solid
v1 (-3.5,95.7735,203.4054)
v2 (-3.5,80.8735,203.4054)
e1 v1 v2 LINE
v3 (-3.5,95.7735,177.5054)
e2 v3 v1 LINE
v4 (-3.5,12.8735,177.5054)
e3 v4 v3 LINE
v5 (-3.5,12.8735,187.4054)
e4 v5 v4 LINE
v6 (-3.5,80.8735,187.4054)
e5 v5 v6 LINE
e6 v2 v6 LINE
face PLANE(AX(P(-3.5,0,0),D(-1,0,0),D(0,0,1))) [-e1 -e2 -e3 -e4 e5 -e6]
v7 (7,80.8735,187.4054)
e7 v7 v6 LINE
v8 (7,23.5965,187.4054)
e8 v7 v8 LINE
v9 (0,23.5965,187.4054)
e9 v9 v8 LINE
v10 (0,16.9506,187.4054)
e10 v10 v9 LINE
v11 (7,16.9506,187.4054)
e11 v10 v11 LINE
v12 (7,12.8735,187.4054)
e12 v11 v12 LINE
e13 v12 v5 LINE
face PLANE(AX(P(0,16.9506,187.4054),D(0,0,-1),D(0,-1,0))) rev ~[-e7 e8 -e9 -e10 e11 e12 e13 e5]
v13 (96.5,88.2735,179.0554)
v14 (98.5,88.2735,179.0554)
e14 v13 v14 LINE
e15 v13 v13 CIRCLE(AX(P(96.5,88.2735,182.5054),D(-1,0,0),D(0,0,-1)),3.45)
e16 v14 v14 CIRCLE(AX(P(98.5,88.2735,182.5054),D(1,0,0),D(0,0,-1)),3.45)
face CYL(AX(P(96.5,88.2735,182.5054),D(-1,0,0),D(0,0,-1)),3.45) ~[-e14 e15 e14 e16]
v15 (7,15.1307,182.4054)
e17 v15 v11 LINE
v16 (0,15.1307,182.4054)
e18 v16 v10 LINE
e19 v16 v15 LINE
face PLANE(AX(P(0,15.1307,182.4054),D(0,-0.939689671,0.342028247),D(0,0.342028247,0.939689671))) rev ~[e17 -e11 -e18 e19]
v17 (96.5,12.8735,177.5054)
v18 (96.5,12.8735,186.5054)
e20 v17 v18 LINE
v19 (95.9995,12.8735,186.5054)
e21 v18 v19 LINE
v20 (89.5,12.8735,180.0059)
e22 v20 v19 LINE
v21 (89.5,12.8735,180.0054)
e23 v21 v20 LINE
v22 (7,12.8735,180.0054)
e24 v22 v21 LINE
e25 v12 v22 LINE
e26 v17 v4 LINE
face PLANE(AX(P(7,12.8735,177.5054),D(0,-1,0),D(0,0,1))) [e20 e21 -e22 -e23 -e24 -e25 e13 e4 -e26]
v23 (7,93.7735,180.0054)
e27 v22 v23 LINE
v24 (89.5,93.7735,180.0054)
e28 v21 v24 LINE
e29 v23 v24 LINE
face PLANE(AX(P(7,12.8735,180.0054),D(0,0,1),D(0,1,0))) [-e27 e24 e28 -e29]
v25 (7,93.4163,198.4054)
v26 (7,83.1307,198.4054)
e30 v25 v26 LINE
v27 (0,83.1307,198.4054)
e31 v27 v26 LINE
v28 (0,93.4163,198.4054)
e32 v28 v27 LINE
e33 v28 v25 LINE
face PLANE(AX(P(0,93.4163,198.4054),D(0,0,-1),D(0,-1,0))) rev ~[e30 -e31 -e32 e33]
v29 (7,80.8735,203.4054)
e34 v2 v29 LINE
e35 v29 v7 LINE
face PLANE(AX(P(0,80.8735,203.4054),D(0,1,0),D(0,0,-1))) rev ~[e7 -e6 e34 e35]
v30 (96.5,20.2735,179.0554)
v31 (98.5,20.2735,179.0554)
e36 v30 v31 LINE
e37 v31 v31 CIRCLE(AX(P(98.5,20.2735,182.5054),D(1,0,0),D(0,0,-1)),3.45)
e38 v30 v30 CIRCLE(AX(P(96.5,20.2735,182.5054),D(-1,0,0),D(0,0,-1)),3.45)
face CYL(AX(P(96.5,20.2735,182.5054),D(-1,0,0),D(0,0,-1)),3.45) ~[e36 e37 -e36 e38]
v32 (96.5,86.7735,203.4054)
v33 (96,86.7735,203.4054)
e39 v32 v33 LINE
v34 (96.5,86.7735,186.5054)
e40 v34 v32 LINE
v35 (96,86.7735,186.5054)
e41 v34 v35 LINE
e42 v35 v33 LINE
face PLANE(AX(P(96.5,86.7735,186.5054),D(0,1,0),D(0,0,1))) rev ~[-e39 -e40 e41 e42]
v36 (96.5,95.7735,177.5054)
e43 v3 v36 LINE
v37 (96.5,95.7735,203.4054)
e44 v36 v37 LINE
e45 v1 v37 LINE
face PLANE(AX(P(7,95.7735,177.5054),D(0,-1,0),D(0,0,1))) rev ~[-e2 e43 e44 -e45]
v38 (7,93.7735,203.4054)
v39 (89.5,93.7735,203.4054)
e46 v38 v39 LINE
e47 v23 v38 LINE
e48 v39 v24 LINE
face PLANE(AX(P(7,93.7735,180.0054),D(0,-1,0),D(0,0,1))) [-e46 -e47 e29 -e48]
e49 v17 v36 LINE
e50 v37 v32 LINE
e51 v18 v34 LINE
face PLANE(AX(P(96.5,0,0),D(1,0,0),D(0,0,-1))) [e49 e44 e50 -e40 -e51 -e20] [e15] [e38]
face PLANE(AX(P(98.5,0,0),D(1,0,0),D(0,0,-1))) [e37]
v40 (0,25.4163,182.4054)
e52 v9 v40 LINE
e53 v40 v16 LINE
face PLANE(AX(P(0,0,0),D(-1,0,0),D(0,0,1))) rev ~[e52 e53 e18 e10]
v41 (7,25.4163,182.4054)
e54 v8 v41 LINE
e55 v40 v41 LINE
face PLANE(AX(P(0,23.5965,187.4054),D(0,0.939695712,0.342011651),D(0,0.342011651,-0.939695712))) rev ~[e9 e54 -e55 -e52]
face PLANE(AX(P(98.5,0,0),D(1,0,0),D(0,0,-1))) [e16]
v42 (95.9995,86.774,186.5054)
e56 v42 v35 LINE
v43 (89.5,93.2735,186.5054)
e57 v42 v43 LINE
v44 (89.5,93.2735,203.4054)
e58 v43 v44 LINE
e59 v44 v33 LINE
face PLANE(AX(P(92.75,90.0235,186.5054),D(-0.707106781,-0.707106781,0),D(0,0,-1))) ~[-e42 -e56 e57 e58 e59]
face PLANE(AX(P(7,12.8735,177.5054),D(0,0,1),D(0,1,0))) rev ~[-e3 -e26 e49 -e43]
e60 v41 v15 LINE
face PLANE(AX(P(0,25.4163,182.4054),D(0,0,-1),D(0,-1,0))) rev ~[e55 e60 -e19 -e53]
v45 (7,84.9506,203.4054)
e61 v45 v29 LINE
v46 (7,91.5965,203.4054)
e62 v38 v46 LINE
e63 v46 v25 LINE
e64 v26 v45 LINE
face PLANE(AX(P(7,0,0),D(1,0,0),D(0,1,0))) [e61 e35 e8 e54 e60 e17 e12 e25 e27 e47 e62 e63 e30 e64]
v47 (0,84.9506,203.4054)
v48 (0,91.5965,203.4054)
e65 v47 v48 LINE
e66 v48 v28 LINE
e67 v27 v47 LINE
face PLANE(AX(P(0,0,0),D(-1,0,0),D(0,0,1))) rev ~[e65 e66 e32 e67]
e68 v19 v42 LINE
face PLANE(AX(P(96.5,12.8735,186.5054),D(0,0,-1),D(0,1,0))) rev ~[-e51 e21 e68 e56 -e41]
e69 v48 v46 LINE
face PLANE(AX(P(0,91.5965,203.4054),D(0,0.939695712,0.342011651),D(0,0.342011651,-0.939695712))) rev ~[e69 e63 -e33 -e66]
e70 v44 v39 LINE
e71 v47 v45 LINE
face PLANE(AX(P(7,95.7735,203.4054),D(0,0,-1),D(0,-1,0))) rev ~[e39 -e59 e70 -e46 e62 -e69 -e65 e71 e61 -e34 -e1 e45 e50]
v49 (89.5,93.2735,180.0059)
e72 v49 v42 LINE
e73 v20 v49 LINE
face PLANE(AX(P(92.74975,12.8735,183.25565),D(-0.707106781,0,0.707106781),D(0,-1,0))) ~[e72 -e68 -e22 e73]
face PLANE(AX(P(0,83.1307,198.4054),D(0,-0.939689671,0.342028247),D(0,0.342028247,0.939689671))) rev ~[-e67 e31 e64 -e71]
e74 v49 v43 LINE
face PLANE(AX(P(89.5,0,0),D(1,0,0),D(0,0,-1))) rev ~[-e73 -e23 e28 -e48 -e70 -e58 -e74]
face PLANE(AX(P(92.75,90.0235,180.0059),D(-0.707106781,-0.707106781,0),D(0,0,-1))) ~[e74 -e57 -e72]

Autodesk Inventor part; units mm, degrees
ref_plane "YZ Plane" through (0, 0, 0) normal (1, 0, 0) x (0, 1, 0)
ref_plane "XZ Plane" through (0, 0, 0) normal (0, 1, 0) x (-1, 0, 0)
ref_plane "XY Plane" through (0, 0, 0) normal (0, 0, 1) x (1, 0, 0)
sketch "Skizze1" plane through (0, 0, 0) normal (1, 0, 0) x (0, 1, 0)
  line L0 (12.7735, 187.5054) -> (12.7735, 177.5054) construction
  line L1 (12.7735, 177.5054) -> (95.7735, 177.5054) construction
  line L2 (95.7735, 177.5054) -> (95.7735, 203.5054) construction
  line L3 (91.4537, 203.5054) -> (93.2735, 198.5054) construction
  line L4 (95.7735, 203.5054) -> (80.7735, 203.5054) construction
  line L5 (93.2735, 198.5054) -> (83.2735, 198.5054) construction
  line L6 (83.2735, 198.5054) -> (85.0934, 203.5054) construction
  line L7 (80.7735, 203.5054) -> (80.7735, 187.5054) construction
  line L8 (80.7735, 187.5054) -> (12.7735, 187.5054) construction
  line L9 (12.7735, 187.5054) -> (12.7735, 177.5054) construction
  line L10 (15.2735, 182.5054) -> (17.0934, 187.5054) construction
  line L11 (25.2735, 182.5054) -> (15.2735, 182.5054) construction
  line L12 (23.4537, 187.5054) -> (25.2735, 182.5054) construction
  line L13 (95.7735, 177.5054) -> (95.7735, 203.4054)
  line L14 (95.7735, 203.4054) -> (91.5965, 203.4054)
  line L15 (91.5965, 203.4054) -> (93.4163, 198.4054)
  line L16 (93.4163, 198.4054) -> (83.1307, 198.4054)
  line L17 (83.1307, 198.4054) -> (84.9506, 203.4054)
  line L18 (84.9506, 203.4054) -> (80.8735, 203.4054)
  line L19 (80.8735, 203.4054) -> (80.8735, 187.4054)
  line L20 (80.8735, 187.4054) -> (23.5965, 187.4054)
  line L21 (23.5965, 187.4054) -> (25.4163, 182.4054)
  line L22 (25.4163, 182.4054) -> (15.1307, 182.4054)
  line L23 (15.1307, 182.4054) -> (16.9506, 187.4054)
  line L24 (16.9506, 187.4054) -> (12.8735, 187.4054)
  line L25 (12.8735, 187.4054) -> (12.8735, 177.5054)
  line L26 (12.8735, 177.5054) -> (95.7735, 177.5054)
  point P0 (0, 0)
  dimension "d0" = 0.1
  dimension "d1" = 0.1
  dimension "d2" = 0.1
  dimension "d3" = 0.1
  dimension "d4" = 0.1
  dimension "d5" = 0.1
  dimension "d6" = 0.1
  dimension "d7" = 0.1
extrude "Extrusion1" add sketch "Skizze1" along normal blind 7
sketch "Skizze2" plane through (0, 0, 0) normal (-1, 0, 0) x (0, 0, 1)
  line L0 (177.5054, 95.7735) -> (203.4054, 95.7735) projected
  line L1 (177.5054, 12.8735) -> (177.5054, 95.7735) projected
  line L2 (187.4054, 12.8735) -> (177.5054, 12.8735) projected
  line L3 (203.4054, 80.8735) -> (187.4054, 80.8735) projected
  line L4 (203.4054, 80.8735) -> (187.4054, 80.8735) projected
  line L5 (187.4054, 12.8735) -> (187.4054, 80.8735)
  line L6 (187.4054, 80.8735) -> (203.4054, 80.8735)
  line L7 (203.4054, 95.7735) -> (203.4054, 91.5965) projected
  line L8 (203.4054, 80.8735) -> (203.4054, 95.7735)
  point P0 (0, 0)
extrude "Extrusion2" add sketch "Skizze2" along normal blind 3.5
sketch "Skizze3" plane through (7, 0, 0) normal (1, 0, 0) x (0, 0, -1)
  line L0 (-177.5054, 95.7735) -> (-203.4054, 95.7735) projected
  line L1 (-177.5054, 12.8735) -> (-177.5054, 95.7735) projected
  line L2 (-177.5054, 12.8735) -> (-180.0054, 12.8735)
  line L3 (-187.4054, 12.8735) -> (-177.5054, 12.8735) projected
  line L4 (-180.0054, 12.8735) -> (-180.0054, 93.7735)
  line L5 (-177.5054, 95.7735) -> (-177.5054, 12.8735) projected
  line L6 (-180.0054, 93.7735) -> (-203.4054, 93.7735)
  line L7 (-203.4054, 95.7735) -> (-203.4054, 91.5965) projected
  line L8 (-203.4054, 93.7735) -> (-203.4054, 95.7735)
  point P0 (0, 0)
  dimension "d12" = 2.5
  dimension "d13" = 2
  dimension "d14" = 2
extrude "Extrusion3" add sketch "Skizze3" along normal blind 89.5
sketch "Skizze4" plane through (96.5, 0, 0) normal (1, 0, 0) x (0, 0, -1)
  circle A0 centre (-182.5054, 20.2735) radius 3.5 construction
  circle A1 centre (-182.5054, 88.2735) radius 3.5 construction
  circle A2 centre (-182.5054, 20.2735) radius 3.45
  circle A3 centre (-182.5054, 88.2735) radius 3.45
  point P0 (0, 0)
  dimension "d17" = 0.05
  dimension "d18" = 0.05
extrude "Extrusion4" add sketch "Skizze4" along normal blind 2
sketch "Skizze5" plane through (96.5, 0, 0) normal (1, 0, 0) x (0, 0, -1)
  line L0 (-198.9754, 90.3435) -> (-183.0054, 90.3435) construction
  line L1 (-180.0054, 17.896) -> (-180.0054, 12.8735) projected
  circle A0 centre (-182.5054, 88.2735) radius 3.5 construction
  line L2 (-203.4054, 93.7735) -> (-180.0054, 93.7735) projected
  line L3 (-180.0054, 12.8735) -> (-186.5054, 12.8735)
  line L4 (-186.5054, 12.8735) -> (-186.5054, 93.7735)
  line L5 (-186.5054, 93.7735) -> (-180.0054, 93.7735)
  line L6 (-180.0054, 93.7735) -> (-180.0054, 12.8735)
  line L7 (-203.4054, 93.7735) -> (-186.5054, 93.7735)
  line L8 (-186.5054, 93.7735) -> (-186.5054, 86.7735)
  line L9 (-186.5054, 86.7735) -> (-203.4054, 86.7735)
  line L10 (-203.4054, 86.7735) -> (-203.4054, 93.7735)
  point P0 (0, 0)
  point P1 (-186.5054, 90.3435)
  dimension "d27" = 4
  dimension "d31" = 7
extrude "Extrusion5" add sketch "Skizze5" against normal blind 7
chamfer "Fase2" distance 6.5 angle 45 1 edges at (89.5, 49.8235, 186.5054)
chamfer "Fase3" distance 6.5 angle 45 1 edges at (89.5, 86.7735, 194.9554)
equation "\"d14\" = d13"
properties part number "Batcap3"
